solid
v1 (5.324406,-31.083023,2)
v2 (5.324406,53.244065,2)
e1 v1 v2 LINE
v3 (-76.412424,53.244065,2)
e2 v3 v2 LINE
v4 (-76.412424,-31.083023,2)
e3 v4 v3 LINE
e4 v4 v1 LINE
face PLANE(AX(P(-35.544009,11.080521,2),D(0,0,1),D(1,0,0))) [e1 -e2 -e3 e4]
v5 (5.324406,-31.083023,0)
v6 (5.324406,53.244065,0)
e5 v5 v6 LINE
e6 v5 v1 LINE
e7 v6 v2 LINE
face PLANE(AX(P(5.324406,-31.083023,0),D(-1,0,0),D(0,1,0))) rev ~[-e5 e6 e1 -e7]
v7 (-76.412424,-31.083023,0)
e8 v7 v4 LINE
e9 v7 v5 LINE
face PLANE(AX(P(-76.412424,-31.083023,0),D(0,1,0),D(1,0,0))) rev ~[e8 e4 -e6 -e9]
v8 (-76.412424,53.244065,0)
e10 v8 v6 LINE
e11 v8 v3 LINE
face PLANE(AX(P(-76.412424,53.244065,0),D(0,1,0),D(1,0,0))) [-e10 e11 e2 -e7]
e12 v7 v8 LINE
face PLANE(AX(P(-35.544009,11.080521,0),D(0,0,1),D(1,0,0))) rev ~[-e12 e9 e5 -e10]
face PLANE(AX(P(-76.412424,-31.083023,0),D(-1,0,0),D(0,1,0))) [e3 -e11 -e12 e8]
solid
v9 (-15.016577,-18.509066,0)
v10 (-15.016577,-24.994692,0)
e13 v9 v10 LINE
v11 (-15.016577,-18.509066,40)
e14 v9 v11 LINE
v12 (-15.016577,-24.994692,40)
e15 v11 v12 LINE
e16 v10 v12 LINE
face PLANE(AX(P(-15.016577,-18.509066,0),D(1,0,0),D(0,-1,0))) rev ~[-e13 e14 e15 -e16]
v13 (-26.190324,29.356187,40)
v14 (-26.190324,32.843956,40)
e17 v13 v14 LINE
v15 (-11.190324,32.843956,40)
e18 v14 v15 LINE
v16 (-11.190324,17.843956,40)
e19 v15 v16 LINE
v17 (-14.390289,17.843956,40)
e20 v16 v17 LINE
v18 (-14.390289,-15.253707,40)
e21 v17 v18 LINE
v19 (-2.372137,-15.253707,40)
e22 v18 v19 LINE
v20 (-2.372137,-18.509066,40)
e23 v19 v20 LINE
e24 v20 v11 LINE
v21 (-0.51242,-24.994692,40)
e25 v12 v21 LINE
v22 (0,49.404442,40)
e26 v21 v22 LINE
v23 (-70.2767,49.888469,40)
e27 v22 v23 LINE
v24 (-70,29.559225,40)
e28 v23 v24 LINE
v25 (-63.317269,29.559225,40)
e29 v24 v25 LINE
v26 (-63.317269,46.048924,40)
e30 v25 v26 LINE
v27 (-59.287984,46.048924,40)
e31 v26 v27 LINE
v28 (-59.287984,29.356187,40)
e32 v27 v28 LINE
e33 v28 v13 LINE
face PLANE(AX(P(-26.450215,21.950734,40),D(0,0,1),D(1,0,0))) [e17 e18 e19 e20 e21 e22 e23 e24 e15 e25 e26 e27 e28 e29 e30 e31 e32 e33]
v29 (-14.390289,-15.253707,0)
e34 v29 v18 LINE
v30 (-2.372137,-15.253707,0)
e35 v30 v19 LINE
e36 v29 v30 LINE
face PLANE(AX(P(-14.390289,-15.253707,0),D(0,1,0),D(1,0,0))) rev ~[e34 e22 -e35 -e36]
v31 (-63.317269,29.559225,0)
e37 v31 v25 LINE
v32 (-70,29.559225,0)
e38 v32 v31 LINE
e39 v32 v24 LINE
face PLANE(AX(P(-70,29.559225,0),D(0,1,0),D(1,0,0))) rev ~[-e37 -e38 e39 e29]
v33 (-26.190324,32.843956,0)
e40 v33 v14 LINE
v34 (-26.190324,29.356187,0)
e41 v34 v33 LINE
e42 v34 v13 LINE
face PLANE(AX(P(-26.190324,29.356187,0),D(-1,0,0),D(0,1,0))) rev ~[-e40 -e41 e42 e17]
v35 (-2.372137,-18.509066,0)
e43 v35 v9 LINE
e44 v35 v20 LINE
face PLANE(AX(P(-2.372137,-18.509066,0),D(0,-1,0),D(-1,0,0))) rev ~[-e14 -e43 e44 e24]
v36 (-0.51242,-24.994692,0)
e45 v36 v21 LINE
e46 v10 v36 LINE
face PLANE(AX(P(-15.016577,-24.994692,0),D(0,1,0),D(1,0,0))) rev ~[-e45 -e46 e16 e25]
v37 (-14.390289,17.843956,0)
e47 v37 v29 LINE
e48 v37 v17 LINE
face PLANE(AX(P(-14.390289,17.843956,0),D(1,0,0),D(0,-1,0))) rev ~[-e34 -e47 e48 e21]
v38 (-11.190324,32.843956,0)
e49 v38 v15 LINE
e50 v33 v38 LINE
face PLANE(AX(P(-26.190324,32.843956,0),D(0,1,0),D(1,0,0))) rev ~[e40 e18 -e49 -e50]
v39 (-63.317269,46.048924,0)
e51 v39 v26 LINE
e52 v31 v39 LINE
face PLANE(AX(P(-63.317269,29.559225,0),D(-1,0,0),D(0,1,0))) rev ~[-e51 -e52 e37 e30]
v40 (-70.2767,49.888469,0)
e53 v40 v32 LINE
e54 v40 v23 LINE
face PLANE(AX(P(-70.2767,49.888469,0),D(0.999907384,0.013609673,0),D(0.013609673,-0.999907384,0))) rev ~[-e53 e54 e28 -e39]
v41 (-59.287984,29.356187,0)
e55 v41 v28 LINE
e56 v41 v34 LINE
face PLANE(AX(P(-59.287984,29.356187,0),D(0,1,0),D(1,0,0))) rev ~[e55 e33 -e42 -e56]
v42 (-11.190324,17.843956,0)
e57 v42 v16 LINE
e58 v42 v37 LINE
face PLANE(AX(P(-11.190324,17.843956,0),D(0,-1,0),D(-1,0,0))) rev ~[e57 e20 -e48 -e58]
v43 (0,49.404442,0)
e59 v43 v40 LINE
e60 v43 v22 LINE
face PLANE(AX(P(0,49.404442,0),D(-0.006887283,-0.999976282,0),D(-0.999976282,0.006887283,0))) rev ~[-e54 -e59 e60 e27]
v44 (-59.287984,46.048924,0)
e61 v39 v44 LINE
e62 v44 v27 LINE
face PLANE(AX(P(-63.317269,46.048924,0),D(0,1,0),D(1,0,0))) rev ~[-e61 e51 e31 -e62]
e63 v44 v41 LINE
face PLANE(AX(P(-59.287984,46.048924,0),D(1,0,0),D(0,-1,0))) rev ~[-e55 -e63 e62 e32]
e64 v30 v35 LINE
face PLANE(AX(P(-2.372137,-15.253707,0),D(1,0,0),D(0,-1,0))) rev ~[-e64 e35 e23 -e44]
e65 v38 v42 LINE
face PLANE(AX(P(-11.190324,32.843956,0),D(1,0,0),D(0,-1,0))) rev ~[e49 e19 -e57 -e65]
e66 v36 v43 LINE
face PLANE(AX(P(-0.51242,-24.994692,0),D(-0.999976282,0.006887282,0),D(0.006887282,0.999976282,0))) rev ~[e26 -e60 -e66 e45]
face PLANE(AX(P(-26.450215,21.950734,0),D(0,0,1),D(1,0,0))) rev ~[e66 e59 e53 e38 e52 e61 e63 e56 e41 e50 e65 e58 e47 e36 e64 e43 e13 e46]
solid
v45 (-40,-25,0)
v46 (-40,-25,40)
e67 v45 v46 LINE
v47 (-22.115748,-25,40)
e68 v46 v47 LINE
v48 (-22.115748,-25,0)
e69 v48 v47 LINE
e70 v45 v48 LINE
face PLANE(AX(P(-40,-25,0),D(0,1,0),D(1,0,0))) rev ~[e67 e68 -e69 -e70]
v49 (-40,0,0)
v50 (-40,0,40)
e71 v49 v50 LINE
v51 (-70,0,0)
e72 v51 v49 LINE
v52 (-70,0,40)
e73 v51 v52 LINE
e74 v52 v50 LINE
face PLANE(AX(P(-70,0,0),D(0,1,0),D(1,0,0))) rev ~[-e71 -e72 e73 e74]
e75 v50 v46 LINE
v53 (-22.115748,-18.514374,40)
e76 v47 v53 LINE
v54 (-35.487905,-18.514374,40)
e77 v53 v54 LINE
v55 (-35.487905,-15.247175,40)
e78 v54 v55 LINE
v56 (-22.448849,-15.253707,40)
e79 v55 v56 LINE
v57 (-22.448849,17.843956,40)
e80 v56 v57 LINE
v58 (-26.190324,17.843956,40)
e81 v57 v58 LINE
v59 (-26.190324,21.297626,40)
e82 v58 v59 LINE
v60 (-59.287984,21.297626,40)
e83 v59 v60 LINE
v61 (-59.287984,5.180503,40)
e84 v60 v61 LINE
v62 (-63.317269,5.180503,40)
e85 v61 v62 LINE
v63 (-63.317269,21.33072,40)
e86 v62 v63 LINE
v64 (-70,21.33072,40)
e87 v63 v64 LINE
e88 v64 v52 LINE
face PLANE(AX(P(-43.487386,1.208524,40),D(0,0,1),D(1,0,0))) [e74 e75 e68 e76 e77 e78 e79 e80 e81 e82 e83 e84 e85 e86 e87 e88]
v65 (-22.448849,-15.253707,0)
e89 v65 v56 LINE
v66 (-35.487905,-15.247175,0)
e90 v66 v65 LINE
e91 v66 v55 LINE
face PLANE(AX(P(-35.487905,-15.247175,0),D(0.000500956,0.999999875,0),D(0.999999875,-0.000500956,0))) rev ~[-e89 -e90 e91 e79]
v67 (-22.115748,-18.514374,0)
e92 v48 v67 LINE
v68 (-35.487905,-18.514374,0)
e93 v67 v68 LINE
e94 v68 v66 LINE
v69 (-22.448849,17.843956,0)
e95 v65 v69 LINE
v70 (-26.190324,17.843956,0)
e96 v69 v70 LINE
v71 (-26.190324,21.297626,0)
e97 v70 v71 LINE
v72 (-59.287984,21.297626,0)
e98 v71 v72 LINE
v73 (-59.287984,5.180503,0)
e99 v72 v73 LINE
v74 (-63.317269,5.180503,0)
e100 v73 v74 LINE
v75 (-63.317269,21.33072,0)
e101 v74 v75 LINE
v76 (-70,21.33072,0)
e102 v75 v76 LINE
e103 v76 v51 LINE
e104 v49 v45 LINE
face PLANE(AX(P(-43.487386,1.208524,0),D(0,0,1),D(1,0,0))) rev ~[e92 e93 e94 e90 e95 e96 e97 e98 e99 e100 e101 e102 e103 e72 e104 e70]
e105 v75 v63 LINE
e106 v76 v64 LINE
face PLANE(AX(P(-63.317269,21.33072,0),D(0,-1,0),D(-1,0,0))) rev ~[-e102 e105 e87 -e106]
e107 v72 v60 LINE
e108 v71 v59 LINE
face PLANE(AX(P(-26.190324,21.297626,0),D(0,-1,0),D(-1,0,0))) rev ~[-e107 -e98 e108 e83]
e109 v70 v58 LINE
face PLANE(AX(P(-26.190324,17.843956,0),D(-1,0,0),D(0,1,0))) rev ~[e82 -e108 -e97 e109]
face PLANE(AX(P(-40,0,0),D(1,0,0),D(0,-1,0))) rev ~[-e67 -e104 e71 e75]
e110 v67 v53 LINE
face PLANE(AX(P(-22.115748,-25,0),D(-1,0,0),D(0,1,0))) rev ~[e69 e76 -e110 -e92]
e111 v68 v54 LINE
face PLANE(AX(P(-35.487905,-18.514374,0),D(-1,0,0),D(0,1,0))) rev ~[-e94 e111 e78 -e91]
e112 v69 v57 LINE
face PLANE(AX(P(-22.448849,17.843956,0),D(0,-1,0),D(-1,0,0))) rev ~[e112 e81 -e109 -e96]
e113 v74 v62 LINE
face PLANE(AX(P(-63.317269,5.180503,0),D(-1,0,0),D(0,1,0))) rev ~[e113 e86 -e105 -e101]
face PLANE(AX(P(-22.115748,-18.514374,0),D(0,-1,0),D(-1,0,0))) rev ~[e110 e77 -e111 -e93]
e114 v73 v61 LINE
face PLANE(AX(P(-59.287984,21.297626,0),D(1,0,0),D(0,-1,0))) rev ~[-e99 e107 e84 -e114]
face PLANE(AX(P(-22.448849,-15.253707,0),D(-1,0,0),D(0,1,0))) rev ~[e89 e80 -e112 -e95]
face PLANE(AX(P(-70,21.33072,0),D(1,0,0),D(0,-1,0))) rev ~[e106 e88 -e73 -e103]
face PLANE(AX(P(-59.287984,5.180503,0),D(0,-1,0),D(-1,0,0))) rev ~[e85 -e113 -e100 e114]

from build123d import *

# Parameters (mm, degrees)
F1_DEPTH = 40
F2_W     = 81.73683
F2_H     = 84.327088
F3_DEPTH = 2


with BuildPart() as f1:
    # F0 (on Top) → F1 (new body)
    with BuildSketch(Plane.XY):
        Polygon((-70, 0), (-40, 0), (-40, -25), (-22.115748, -25), (-22.115748, -18.514374), (-35.487905, -18.514374), (-35.487905, -15.247175), (-22.448849, -15.253707), (-22.448849, 17.843956), (-26.190324, 17.843956), (-26.190324, 21.297626), (-59.287984, 21.297626), (-59.287984, 5.180503), (-63.317269, 5.180503), (-63.317269, 21.33072), (-70, 21.33072), align=None)
        Polygon((-26.190324, 29.356187), (-26.190324, 32.843956), (-11.190324, 32.843956), (-11.190324, 17.843956), (-14.390289, 17.843956), (-14.390289, -15.253707), (-2.372137, -15.253707), (-2.372137, -18.509066), (-15.016577, -18.509066), (-15.016577, -24.994692), (-0.51242, -24.994692), (0, 49.404442), (-70.2767, 49.888469), (-70, 29.559225), (-63.317269, 29.559225), (-63.317269, 46.048924), (-59.287984, 46.048924), (-59.287984, 29.356187), align=None)
    extrude(amount=F1_DEPTH)


with BuildPart() as f3:
    # F2 (on Top) → F3 (new body)
    with BuildSketch(Plane.XY):
        with Locations((-35.544009, 11.080521)):
            Rectangle(F2_W, F2_H)
    extrude(amount=F3_DEPTH)


solid = Compound([f1.part, f3.part])
